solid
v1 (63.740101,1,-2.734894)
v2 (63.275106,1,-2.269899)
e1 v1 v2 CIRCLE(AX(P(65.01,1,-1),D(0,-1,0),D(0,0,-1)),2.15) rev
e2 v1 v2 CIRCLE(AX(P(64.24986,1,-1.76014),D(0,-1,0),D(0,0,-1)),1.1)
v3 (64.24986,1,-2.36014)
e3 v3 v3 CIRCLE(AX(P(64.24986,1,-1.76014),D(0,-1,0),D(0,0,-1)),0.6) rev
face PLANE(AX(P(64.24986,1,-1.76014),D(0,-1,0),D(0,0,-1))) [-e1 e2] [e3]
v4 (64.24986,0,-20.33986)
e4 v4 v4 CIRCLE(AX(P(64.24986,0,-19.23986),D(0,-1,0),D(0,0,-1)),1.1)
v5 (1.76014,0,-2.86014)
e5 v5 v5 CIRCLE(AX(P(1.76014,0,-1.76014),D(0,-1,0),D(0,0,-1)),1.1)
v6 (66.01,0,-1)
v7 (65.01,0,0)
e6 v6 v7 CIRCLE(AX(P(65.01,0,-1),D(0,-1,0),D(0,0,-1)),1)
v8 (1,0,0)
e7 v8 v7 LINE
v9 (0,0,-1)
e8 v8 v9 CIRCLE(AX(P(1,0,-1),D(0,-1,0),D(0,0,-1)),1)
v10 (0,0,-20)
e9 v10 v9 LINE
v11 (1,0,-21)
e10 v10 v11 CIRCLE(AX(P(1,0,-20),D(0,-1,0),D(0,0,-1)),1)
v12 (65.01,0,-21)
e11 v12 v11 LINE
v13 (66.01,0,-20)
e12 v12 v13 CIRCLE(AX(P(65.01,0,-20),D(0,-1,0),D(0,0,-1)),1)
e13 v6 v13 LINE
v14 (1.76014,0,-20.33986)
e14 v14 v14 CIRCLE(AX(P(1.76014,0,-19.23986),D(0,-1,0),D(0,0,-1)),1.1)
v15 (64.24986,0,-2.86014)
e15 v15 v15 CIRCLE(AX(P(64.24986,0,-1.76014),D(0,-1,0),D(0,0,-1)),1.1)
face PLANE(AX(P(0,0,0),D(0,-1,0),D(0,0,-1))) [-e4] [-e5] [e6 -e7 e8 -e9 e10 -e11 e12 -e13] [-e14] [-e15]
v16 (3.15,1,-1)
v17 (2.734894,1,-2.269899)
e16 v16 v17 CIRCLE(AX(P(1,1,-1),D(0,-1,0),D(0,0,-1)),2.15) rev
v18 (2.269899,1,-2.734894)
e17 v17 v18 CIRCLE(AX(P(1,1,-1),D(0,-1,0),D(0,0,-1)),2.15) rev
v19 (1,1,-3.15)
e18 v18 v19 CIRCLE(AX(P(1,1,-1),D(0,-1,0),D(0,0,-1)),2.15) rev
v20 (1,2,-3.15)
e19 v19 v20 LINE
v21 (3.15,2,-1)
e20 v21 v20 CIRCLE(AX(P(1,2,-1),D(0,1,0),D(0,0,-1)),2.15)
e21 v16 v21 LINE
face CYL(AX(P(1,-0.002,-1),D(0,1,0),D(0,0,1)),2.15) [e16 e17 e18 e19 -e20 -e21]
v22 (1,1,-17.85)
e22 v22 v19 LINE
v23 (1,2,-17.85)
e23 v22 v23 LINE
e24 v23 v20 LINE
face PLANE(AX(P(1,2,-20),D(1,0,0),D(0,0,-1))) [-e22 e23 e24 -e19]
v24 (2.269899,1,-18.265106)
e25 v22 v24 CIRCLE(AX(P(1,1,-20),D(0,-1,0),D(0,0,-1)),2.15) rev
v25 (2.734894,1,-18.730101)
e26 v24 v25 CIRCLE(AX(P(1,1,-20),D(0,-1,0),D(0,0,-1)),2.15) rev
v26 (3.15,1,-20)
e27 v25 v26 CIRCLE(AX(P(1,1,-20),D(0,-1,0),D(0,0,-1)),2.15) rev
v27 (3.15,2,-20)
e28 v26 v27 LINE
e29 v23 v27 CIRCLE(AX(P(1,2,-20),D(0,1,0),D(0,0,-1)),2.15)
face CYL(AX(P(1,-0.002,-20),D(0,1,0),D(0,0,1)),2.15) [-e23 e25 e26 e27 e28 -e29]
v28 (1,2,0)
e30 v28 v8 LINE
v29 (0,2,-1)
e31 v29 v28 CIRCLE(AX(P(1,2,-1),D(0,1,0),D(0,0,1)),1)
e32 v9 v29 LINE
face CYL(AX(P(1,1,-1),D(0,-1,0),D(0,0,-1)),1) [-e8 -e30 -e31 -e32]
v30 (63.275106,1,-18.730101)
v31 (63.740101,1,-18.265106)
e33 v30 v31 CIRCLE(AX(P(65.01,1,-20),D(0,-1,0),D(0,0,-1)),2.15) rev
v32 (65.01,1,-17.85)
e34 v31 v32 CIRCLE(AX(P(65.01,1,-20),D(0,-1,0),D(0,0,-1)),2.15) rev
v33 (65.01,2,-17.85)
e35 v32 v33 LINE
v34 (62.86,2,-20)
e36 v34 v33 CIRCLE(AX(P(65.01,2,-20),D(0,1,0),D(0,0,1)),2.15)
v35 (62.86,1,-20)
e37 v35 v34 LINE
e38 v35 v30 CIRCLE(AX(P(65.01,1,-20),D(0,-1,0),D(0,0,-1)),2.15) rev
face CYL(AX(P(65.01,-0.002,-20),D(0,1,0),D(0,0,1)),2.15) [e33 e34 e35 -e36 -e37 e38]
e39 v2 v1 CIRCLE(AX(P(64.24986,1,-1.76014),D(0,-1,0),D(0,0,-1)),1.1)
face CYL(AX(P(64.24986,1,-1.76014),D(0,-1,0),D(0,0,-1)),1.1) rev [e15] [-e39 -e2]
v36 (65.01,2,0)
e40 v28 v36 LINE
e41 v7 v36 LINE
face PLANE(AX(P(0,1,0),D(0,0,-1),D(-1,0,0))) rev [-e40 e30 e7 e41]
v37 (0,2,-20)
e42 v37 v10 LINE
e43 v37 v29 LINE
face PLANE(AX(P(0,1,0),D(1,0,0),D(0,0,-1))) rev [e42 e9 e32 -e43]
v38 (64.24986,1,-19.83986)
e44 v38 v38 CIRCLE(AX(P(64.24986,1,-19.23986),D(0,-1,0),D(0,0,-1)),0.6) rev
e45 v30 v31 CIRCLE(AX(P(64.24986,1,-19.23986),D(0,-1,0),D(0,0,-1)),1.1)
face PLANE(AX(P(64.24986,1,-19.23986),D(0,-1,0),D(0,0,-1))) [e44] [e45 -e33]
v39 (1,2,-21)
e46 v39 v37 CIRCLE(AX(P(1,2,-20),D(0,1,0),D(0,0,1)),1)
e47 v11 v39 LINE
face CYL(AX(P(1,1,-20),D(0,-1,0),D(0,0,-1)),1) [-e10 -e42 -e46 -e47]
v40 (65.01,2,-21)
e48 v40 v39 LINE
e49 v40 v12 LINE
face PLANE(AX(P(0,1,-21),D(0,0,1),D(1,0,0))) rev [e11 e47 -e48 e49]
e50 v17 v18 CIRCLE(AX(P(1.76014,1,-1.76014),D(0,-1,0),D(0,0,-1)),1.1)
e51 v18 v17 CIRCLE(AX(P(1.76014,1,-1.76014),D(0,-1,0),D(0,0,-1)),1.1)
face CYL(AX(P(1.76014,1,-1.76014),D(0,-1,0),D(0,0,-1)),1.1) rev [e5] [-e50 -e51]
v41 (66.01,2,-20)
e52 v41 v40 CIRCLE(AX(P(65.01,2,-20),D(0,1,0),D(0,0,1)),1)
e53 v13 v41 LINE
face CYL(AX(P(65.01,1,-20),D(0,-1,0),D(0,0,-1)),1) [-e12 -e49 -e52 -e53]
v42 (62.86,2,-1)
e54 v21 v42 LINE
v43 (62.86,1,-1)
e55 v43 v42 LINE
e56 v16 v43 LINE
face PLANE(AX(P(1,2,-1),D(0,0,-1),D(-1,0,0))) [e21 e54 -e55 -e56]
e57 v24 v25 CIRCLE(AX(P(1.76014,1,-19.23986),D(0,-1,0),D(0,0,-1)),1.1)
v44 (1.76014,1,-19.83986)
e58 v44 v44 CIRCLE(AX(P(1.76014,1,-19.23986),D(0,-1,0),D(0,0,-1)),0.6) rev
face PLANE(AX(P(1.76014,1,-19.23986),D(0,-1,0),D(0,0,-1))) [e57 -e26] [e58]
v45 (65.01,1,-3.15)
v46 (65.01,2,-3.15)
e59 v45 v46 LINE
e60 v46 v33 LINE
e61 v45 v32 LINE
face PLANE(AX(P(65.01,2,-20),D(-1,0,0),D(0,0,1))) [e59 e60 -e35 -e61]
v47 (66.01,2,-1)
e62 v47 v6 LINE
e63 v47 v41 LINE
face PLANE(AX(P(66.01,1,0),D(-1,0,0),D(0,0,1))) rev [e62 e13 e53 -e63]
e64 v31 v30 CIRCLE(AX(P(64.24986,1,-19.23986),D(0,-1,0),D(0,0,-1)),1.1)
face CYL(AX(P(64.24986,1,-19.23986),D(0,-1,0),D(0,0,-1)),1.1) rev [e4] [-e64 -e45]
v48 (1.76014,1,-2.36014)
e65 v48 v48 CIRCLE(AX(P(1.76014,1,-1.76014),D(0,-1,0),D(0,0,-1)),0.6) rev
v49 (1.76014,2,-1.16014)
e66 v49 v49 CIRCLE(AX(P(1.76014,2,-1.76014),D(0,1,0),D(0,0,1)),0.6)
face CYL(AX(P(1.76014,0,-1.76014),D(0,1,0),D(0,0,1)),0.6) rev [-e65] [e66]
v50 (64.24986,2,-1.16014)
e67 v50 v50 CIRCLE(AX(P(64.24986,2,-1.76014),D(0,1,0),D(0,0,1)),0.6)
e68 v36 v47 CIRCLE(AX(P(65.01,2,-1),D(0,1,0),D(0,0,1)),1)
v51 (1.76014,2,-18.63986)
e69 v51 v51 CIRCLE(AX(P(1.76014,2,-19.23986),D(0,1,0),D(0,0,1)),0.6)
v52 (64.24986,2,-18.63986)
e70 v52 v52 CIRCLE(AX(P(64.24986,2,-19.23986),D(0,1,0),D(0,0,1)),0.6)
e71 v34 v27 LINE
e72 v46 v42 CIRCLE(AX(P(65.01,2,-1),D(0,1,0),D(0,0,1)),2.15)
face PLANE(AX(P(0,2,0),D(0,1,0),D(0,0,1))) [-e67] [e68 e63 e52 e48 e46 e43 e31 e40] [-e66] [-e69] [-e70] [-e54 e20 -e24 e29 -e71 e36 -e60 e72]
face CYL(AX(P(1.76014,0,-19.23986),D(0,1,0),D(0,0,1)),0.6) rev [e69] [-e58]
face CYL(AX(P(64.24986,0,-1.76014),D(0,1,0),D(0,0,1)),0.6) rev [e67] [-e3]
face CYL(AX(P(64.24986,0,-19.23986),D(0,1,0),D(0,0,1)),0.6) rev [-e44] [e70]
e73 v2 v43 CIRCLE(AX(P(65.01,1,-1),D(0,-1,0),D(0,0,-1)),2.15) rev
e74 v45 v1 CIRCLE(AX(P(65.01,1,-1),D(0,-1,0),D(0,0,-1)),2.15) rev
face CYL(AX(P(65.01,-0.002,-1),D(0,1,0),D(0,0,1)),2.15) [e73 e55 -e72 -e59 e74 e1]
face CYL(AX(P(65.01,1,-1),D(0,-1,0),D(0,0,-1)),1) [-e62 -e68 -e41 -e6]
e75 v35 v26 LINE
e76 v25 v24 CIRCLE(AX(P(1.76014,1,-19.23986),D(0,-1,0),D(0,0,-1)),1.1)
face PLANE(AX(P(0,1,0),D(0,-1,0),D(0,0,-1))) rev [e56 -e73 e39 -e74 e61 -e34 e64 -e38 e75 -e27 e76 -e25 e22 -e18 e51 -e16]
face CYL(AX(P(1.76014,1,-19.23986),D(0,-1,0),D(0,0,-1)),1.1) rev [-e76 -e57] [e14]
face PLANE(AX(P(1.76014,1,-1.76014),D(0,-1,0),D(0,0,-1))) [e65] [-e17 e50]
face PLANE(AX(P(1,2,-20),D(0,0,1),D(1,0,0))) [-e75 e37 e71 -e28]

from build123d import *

# Parameters (mm, degrees)
CROQUIS1_W              = 66.01
CROQUIS1_H              = 21
SALIENTE_EXTRUIR1_DEPTH = 1
CROQUIS2_W              = 66.01
CROQUIS2_H              = 21
CROQUIS2_W_2            = 64.01
CROQUIS2_H_2            = 19
SALIENTE_EXTRUIR2_DEPTH = 1
SALIENTE_EXTRUIR3_REACH = 4
CROQUIS5_R              = 0.6
CORTAR_EXTRUIR1_DEPTH   = 3
CROQUIS6_R              = 1.1
CORTAR_EXTRUIR2_DEPTH   = 1
REDONDEO1_R             = 1


with BuildPart() as part:
    # Croquis1 → Saliente-Extruir1 (new body)
    with BuildSketch(Plane(origin=(0, 0, 0), x_dir=(1, 0, 0), z_dir=(0, 1, 0))):
        with Locations((33.005, 10.5)):
            Rectangle(CROQUIS1_W, CROQUIS1_H)
    extrude(amount=SALIENTE_EXTRUIR1_DEPTH)

    # Croquis2 → Saliente-Extruir2 (add)
    with BuildSketch(Plane(origin=(0, 1, 0), x_dir=(1, 0, 0), z_dir=(0, 1, 0))):
        with Locations((33.005, 10.5)):
            Rectangle(CROQUIS2_W, CROQUIS2_H)
        with Locations((33.005, 10.5)):
            Rectangle(CROQUIS2_W_2, CROQUIS2_H_2, mode=Mode.SUBTRACT)
    extrude(amount=SALIENTE_EXTRUIR2_DEPTH)

    # Croquis4 → Saliente-Extruir3 (add, up to next)
    with BuildSketch(Plane(origin=(0, 2, 0), x_dir=(1, 0, 0), z_dir=(0, 1, 0)), mode=Mode.PRIVATE) as saliente_extruir3_sk1:
        with BuildLine():
            Line((1, 20), (1, 17.85))
            ThreePointArc((1, 17.85), (2.52027958, 18.47972042), (3.15, 20))
            Line((3.15, 20), (1, 20))
        make_face()
    saliente_extruir3_tool1 = extrude(saliente_extruir3_sk1.sketch, amount=-SALIENTE_EXTRUIR3_REACH, mode=Mode.PRIVATE) - part.part
    add(saliente_extruir3_tool1.solids().sort_by_distance((1.912488, 2, -19.087512))[0])
    # Croquis4 → Saliente-Extruir3 (add, up to next)
    with BuildSketch(Plane(origin=(0, 2, 0), x_dir=(1, 0, 0), z_dir=(0, 1, 0)), mode=Mode.PRIVATE) as saliente_extruir3_sk2:
        with BuildLine():
            Line((1, 1), (1, 3.15))
            ThreePointArc((1, 3.15), (2.52027958, 2.52027958), (3.15, 1))
            Line((3.15, 1), (1, 1))
        make_face()
    saliente_extruir3_tool2 = extrude(saliente_extruir3_sk2.sketch, amount=-SALIENTE_EXTRUIR3_REACH, mode=Mode.PRIVATE) - part.part
    add(saliente_extruir3_tool2.solids().sort_by_distance((1.912488, 2, -1.912488))[0])
    # Croquis4 → Saliente-Extruir3 (add, up to next)
    with BuildSketch(Plane(origin=(0, 2, 0), x_dir=(1, 0, 0), z_dir=(0, 1, 0)), mode=Mode.PRIVATE) as saliente_extruir3_sk3:
        with BuildLine():
            Line((65.01, 20), (62.86, 20))
            ThreePointArc((62.86, 20), (63.48972042, 18.47972042), (65.01, 17.85))
            Line((65.01, 17.85), (65.01, 20))
        make_face()
    saliente_extruir3_tool3 = extrude(saliente_extruir3_sk3.sketch, amount=-SALIENTE_EXTRUIR3_REACH, mode=Mode.PRIVATE) - part.part
    add(saliente_extruir3_tool3.solids().sort_by_distance((64.097512, 2, -19.087512))[0])
    # Croquis4 → Saliente-Extruir3 (add, up to next)
    with BuildSketch(Plane(origin=(0, 2, 0), x_dir=(1, 0, 0), z_dir=(0, 1, 0)), mode=Mode.PRIVATE) as saliente_extruir3_sk4:
        with BuildLine():
            Line((65.01, 1), (62.86, 1))
            ThreePointArc((62.86, 1), (63.48972042, 2.52027958), (65.01, 3.15))
            Line((65.01, 3.15), (65.01, 1))
        make_face()
    saliente_extruir3_tool4 = extrude(saliente_extruir3_sk4.sketch, amount=-SALIENTE_EXTRUIR3_REACH, mode=Mode.PRIVATE) - part.part
    add(saliente_extruir3_tool4.solids().sort_by_distance((64.097512, 2, -1.912488))[0])

    # Croquis5 → Cortar-Extruir1 (cut, through all)
    with BuildSketch(Plane(origin=(0, 2, 0), x_dir=(1, 0, 0), z_dir=(0, 1, 0))):
        with Locations((1.76013979, 19.23986021)):
            Circle(CROQUIS5_R)
        with Locations((1.76013979, 1.76013979)):
            Circle(CROQUIS5_R)
        with Locations((64.24986021, 19.23986021)):
            Circle(CROQUIS5_R)
        with Locations((64.24986021, 1.76013979)):
            Circle(CROQUIS5_R)
    extrude(amount=-CORTAR_EXTRUIR1_DEPTH, mode=Mode.SUBTRACT)

    # Croquis6 → Cortar-Extruir2 (cut)
    with BuildSketch(Plane(origin=(0, 0, 0), x_dir=(-1, 0, 0), z_dir=(0, -1, 0))):
        with Locations((-64.24986021, 1.76013979)):
            Circle(CROQUIS6_R)
        with Locations((-64.24986021, 19.23986021)):
            Circle(CROQUIS6_R)
        with Locations((-1.76013979, 19.23986021)):
            Circle(CROQUIS6_R)
        with Locations((-1.76013979, 1.76013979)):
            Circle(CROQUIS6_R)
    extrude(amount=-CORTAR_EXTRUIR2_DEPTH, mode=Mode.SUBTRACT)

    # Redondeo1
    redondeo1_edges = [part.edges().sort_by_distance(p)[0] for p in [
        (0, 1, -21),
        (66.01, 1, -21),
        (66.01, 1, 0),
        (0, 1, 0),
    ]]
    fillet(redondeo1_edges, radius=REDONDEO1_R)


solid = part.part
